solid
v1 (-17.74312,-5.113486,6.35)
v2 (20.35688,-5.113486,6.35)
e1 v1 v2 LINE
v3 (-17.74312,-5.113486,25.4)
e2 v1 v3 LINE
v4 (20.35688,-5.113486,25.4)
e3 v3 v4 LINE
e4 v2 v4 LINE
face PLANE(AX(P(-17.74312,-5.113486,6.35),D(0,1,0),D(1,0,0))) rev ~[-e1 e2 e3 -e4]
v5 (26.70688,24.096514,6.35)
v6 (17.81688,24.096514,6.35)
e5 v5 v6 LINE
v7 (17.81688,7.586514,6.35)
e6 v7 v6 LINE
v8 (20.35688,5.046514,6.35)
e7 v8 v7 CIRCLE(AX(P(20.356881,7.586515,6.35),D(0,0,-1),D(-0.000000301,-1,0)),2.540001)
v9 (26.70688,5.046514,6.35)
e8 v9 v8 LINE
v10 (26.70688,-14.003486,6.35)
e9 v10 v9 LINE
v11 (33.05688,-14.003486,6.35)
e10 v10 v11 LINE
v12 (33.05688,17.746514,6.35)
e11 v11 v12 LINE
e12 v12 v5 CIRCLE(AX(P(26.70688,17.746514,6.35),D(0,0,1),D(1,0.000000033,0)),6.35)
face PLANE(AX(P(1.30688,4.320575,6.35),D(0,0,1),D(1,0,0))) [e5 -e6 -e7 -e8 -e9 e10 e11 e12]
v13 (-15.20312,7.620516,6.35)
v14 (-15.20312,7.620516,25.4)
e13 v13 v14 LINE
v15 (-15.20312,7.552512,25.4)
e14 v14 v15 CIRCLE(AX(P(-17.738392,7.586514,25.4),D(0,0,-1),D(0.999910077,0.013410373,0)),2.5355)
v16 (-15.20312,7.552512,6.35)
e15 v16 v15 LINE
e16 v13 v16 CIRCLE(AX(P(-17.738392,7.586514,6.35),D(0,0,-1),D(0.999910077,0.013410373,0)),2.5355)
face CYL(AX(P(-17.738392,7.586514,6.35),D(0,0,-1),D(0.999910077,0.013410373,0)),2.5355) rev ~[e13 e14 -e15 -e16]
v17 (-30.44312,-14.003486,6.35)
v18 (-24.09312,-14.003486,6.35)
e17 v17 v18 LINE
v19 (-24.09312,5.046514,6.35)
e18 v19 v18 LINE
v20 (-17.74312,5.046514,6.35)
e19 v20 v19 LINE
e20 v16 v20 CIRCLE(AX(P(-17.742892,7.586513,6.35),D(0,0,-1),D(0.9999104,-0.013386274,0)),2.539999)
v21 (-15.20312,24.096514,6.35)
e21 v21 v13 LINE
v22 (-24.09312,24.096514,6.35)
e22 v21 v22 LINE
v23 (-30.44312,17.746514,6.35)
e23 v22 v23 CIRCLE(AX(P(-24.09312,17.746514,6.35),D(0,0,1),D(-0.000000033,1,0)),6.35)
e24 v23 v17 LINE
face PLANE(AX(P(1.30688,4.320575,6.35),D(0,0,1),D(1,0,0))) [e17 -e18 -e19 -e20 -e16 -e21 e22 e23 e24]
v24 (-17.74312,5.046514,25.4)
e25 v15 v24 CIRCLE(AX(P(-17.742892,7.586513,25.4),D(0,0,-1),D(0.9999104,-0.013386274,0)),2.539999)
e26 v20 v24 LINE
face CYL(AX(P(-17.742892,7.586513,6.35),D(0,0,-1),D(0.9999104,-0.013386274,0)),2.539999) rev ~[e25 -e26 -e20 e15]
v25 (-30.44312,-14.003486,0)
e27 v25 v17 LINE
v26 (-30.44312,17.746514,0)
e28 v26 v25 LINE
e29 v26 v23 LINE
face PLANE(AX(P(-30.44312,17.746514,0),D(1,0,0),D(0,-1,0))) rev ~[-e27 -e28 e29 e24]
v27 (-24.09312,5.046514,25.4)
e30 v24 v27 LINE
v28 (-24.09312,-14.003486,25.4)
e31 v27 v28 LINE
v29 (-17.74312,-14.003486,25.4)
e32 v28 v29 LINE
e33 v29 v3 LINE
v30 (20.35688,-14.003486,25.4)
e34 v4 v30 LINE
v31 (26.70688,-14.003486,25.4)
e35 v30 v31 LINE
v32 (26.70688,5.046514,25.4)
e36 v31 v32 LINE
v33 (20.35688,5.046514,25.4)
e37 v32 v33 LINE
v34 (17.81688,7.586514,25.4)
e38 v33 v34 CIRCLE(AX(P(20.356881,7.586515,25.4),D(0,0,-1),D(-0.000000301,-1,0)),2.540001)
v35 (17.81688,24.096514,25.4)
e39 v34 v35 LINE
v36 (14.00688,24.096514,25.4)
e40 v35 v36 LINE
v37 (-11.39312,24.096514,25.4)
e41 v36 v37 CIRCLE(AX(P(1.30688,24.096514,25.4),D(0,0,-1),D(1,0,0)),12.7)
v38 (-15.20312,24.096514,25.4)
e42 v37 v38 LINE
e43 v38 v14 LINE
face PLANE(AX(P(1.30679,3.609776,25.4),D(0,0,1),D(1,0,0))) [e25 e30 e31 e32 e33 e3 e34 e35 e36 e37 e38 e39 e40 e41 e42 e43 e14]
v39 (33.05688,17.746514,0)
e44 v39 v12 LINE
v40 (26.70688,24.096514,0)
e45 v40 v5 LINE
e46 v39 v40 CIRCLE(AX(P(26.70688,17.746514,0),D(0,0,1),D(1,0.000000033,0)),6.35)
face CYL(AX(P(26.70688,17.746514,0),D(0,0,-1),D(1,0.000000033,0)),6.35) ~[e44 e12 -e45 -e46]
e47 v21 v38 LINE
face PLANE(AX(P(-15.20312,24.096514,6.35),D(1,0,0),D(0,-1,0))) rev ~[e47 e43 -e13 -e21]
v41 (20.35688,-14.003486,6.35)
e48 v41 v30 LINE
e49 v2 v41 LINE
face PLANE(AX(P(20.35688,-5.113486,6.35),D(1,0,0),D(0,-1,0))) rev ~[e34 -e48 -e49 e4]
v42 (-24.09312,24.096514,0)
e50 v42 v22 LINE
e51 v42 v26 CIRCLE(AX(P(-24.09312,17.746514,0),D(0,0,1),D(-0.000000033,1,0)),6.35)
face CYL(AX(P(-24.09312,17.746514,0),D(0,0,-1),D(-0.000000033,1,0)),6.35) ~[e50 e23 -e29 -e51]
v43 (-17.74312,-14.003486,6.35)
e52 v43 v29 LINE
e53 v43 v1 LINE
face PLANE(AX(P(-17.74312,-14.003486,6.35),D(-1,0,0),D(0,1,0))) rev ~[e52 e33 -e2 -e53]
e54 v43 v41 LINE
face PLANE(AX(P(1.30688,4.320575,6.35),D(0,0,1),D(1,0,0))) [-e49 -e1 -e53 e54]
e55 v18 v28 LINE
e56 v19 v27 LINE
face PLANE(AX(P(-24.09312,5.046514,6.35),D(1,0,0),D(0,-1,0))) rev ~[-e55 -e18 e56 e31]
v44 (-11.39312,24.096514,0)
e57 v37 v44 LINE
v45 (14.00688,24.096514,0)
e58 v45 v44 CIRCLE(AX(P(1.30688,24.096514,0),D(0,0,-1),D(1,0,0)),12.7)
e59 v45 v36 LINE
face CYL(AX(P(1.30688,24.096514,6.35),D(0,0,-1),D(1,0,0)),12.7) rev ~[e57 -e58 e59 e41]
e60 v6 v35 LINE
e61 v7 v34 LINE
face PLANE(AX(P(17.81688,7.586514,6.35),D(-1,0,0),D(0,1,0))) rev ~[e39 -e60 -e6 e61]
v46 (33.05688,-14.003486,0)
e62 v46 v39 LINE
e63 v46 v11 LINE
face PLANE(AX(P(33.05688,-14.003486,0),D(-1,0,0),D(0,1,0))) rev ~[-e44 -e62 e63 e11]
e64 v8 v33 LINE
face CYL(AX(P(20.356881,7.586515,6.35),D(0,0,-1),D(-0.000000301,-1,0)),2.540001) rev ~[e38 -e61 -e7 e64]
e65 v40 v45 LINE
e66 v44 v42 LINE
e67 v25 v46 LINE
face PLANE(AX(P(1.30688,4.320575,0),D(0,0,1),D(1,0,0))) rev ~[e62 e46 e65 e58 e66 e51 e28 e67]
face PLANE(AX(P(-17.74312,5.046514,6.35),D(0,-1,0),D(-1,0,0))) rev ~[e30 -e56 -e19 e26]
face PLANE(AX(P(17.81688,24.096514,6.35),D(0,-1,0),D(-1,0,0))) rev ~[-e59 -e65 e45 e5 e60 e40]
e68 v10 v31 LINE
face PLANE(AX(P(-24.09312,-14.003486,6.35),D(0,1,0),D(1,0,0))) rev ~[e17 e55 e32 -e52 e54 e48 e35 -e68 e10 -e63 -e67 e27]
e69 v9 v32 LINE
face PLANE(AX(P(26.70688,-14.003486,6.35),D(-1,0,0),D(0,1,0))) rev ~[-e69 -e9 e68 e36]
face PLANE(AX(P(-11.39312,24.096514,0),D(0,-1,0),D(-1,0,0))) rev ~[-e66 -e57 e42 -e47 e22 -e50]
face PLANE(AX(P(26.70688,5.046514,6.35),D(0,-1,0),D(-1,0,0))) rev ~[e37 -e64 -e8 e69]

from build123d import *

# Parameters (mm, degrees)
F1_DEPTH = 6.35
F3_DEPTH = 19.05


with BuildPart() as f1:
    # F0 (on Top) → F1 (new body)
    with BuildSketch(Plane.XY):
        with BuildLine():
            Line((-11.39312, 24.096514), (-24.09312, 24.096514))
            ThreePointArc((-24.09312, 24.096514), (-28.583248, 22.236642), (-30.44312, 17.746514))
            Line((-30.44312, 17.746514), (-30.44312, -14.003486))
            Line((-30.44312, -14.003486), (33.05688, -14.003486))
            Line((33.05688, -14.003486), (33.05688, 17.746514))
            ThreePointArc((33.05688, 17.746514), (31.197008, 22.236642), (26.70688, 24.096514))
            Line((26.70688, 24.096514), (14.00688, 24.096514))
            ThreePointArc((14.00688, 24.096514), (1.30688, 11.396514), (-11.39312, 24.096514))
        make_face()
    extrude(amount=F1_DEPTH)

    # F2 (on face) → F3 (join)
    with BuildSketch(Plane.XY.offset(6.35)):
        with BuildLine():
            Line((-24.09312, 5.046514), (-24.09312, -14.003486))
            Line((-24.09312, -14.003486), (-17.74312, -14.003486))
            Line((-17.74312, -14.003486), (-17.74312, -5.113486))
            Line((-17.74312, -5.113486), (20.35688, -5.113486))
            Line((20.35688, -5.113486), (20.35688, -14.003486))
            Line((20.35688, -14.003486), (26.70688, -14.003486))
            Line((26.70688, -14.003486), (26.70688, 5.046514))
            Line((26.70688, 5.046514), (20.35688, 5.046514))
            ThreePointArc((20.35688, 5.046514), (18.560829, 5.790463), (17.81688, 7.586514))
            Line((17.81688, 7.586514), (17.81688, 24.096514))
            Line((17.81688, 24.096514), (14.00688, 24.096514))
            ThreePointArc((14.00688, 24.096514), (1.30688, 11.396514), (-11.39312, 24.096514))
            Line((-11.39312, 24.096514), (-15.20312, 24.096514))
            Line((-15.20312, 24.096514), (-15.20312, 7.620516))
            ThreePointArc((-15.20312, 7.620516), (-15.202892, 7.586514), (-15.20312, 7.552512))
            ThreePointArc((-15.20312, 7.552512), (-15.958984, 5.778401), (-17.74312, 5.046514))
            Line((-17.74312, 5.046514), (-24.09312, 5.046514))
        make_face()
    extrude(amount=F3_DEPTH)


solid = f1.part
